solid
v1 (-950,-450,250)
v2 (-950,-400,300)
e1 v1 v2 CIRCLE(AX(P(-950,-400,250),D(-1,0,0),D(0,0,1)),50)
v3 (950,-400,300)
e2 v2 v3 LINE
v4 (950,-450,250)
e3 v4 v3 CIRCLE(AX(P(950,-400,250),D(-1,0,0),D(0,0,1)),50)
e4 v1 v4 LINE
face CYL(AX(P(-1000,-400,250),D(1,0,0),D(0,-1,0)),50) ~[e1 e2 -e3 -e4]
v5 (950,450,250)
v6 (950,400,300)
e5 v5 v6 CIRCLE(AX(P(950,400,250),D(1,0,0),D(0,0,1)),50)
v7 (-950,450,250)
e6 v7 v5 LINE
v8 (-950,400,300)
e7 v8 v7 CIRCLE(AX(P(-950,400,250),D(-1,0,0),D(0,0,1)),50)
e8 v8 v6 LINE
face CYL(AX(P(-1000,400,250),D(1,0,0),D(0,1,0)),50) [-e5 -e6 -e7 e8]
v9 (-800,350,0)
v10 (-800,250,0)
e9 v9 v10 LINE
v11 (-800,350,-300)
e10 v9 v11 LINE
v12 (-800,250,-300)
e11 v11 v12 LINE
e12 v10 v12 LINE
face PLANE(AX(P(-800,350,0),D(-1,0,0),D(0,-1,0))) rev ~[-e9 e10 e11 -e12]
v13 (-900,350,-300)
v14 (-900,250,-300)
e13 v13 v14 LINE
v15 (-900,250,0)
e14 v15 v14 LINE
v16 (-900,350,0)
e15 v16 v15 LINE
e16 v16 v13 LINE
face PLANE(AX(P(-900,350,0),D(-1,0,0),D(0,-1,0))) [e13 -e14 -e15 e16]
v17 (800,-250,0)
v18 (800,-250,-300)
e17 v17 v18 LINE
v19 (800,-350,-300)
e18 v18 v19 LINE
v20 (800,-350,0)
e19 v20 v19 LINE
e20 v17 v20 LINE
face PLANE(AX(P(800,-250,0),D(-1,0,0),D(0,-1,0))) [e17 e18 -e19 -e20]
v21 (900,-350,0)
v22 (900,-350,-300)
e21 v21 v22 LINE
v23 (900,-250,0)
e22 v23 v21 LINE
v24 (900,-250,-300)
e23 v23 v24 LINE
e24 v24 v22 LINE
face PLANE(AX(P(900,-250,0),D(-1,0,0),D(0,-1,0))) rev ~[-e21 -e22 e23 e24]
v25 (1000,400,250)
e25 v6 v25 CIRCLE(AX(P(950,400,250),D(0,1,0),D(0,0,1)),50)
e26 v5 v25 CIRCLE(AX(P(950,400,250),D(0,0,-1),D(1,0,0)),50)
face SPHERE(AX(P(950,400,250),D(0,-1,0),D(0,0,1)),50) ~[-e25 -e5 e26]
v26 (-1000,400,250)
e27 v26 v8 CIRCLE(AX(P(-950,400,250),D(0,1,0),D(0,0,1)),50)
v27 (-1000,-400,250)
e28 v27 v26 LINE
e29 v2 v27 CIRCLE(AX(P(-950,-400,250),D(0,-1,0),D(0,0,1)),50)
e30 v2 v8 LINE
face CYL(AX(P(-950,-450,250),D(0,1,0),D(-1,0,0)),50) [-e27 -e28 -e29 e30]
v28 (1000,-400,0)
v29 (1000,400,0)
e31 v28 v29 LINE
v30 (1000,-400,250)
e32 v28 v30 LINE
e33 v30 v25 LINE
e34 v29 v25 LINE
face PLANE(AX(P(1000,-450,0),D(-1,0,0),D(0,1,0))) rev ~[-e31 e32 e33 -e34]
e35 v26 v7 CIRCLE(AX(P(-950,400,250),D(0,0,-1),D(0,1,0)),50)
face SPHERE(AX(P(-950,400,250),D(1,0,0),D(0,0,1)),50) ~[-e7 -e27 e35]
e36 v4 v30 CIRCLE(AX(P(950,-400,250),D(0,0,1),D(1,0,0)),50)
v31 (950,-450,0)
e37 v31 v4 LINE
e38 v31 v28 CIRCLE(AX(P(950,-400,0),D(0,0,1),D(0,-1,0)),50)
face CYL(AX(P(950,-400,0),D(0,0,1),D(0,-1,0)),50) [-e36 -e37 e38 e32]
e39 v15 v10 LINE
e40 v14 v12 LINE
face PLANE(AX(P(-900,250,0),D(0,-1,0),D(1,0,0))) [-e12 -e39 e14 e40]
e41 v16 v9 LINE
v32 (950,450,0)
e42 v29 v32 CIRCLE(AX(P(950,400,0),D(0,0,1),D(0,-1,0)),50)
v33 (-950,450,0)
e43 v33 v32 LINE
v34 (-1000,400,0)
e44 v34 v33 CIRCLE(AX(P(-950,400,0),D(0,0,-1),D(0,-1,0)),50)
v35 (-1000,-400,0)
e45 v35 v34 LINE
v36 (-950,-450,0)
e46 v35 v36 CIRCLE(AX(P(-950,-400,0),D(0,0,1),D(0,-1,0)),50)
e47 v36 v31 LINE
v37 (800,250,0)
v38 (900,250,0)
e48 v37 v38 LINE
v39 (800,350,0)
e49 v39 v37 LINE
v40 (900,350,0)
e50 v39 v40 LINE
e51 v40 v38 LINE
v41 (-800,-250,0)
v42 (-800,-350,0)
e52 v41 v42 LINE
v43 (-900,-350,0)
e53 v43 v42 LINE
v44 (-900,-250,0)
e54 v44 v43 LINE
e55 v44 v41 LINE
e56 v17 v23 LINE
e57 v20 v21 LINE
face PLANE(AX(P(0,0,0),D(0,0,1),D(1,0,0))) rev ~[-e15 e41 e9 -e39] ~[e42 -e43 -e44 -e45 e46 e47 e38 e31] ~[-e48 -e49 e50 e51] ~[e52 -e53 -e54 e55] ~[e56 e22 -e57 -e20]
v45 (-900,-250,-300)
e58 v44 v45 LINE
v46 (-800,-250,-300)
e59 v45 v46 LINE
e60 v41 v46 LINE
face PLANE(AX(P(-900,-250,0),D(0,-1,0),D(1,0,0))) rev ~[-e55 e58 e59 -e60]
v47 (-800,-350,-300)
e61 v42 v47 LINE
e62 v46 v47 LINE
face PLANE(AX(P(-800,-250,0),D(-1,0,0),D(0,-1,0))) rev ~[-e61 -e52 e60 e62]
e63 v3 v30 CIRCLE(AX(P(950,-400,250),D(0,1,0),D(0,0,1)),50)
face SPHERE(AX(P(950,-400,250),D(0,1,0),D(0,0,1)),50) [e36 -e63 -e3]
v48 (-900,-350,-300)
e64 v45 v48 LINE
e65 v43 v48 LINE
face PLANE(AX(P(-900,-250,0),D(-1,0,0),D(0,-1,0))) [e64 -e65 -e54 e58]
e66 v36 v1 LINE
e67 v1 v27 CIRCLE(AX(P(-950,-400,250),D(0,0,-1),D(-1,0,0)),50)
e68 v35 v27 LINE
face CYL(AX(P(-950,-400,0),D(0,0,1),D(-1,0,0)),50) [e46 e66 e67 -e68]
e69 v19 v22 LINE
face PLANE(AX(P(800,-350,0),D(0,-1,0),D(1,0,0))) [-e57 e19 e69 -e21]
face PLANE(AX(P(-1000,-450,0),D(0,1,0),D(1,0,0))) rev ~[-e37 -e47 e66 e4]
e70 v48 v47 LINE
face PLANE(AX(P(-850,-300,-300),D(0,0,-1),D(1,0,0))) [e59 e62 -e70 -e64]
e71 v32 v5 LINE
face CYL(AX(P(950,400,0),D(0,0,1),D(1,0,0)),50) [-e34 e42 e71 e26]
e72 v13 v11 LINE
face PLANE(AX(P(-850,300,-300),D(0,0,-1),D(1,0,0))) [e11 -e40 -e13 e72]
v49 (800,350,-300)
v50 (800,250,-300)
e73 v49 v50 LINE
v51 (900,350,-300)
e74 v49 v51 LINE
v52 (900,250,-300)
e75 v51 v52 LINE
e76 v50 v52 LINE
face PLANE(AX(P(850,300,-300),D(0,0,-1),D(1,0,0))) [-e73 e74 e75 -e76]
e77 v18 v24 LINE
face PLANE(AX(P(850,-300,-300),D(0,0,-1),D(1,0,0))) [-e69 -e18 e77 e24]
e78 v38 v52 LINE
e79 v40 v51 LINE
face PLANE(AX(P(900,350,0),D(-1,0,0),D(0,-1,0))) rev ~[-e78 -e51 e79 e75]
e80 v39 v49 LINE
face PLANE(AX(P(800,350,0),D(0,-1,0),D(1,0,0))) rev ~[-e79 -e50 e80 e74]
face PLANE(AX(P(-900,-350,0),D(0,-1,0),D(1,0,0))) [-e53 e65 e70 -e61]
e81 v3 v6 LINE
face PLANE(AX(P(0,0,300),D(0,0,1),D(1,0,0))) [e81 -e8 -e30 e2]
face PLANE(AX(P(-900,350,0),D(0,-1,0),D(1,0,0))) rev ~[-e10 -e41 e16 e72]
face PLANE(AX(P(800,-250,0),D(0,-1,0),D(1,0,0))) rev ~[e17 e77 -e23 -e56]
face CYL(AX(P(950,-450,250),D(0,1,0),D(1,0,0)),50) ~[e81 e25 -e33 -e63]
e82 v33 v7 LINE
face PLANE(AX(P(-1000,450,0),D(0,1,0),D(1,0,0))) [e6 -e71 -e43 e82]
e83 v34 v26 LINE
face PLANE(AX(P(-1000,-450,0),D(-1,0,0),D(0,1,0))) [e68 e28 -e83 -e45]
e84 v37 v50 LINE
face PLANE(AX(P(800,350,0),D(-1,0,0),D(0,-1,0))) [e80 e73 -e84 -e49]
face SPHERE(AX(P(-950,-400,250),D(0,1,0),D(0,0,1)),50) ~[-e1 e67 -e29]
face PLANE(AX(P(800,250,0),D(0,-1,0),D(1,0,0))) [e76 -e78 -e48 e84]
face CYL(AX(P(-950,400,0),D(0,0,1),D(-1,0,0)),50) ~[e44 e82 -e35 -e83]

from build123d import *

# Parameters (mm, degrees)
F0_W     = 2000
F0_H     = 900
F1_DEPTH = 300
F2_R     = 50
F3_W     = 100
F3_H     = 100
F4_DEPTH = 300


with BuildPart() as f1:
    # F0 (on Top) → F1 (new body)
    with BuildSketch(Plane.XY):
        Rectangle(F0_W, F0_H)
    extrude(amount=F1_DEPTH)

    # F2
    f2_edges = [f1.edges().sort_by_distance(p)[0] for p in [
        (1000, 0, 300),
        (0, 450, 300),
        (-1000, 0, 300),
        (0, -450, 300),
        (-1000, -450, 150),
        (1000, -450, 150),
        (1000, 450, 150),
        (-1000, 450, 150),
    ]]
    fillet(f2_edges, radius=F2_R)

    # F3 (on face) → F4 (join)
    with BuildSketch(Plane(origin=(0, 0, 0), x_dir=(1, 0, 0), z_dir=(0, 0, -1))):
        with Locations((-850, 300)):
            Rectangle(F3_W, F3_H)
        with Locations((850, 300)):
            Rectangle(F3_W, F3_H)
        with Locations((-850, -300)):
            Rectangle(F3_W, F3_H)
        with Locations((850, -300)):
            Rectangle(F3_W, F3_H)
    extrude(amount=F4_DEPTH)


solid = f1.part
